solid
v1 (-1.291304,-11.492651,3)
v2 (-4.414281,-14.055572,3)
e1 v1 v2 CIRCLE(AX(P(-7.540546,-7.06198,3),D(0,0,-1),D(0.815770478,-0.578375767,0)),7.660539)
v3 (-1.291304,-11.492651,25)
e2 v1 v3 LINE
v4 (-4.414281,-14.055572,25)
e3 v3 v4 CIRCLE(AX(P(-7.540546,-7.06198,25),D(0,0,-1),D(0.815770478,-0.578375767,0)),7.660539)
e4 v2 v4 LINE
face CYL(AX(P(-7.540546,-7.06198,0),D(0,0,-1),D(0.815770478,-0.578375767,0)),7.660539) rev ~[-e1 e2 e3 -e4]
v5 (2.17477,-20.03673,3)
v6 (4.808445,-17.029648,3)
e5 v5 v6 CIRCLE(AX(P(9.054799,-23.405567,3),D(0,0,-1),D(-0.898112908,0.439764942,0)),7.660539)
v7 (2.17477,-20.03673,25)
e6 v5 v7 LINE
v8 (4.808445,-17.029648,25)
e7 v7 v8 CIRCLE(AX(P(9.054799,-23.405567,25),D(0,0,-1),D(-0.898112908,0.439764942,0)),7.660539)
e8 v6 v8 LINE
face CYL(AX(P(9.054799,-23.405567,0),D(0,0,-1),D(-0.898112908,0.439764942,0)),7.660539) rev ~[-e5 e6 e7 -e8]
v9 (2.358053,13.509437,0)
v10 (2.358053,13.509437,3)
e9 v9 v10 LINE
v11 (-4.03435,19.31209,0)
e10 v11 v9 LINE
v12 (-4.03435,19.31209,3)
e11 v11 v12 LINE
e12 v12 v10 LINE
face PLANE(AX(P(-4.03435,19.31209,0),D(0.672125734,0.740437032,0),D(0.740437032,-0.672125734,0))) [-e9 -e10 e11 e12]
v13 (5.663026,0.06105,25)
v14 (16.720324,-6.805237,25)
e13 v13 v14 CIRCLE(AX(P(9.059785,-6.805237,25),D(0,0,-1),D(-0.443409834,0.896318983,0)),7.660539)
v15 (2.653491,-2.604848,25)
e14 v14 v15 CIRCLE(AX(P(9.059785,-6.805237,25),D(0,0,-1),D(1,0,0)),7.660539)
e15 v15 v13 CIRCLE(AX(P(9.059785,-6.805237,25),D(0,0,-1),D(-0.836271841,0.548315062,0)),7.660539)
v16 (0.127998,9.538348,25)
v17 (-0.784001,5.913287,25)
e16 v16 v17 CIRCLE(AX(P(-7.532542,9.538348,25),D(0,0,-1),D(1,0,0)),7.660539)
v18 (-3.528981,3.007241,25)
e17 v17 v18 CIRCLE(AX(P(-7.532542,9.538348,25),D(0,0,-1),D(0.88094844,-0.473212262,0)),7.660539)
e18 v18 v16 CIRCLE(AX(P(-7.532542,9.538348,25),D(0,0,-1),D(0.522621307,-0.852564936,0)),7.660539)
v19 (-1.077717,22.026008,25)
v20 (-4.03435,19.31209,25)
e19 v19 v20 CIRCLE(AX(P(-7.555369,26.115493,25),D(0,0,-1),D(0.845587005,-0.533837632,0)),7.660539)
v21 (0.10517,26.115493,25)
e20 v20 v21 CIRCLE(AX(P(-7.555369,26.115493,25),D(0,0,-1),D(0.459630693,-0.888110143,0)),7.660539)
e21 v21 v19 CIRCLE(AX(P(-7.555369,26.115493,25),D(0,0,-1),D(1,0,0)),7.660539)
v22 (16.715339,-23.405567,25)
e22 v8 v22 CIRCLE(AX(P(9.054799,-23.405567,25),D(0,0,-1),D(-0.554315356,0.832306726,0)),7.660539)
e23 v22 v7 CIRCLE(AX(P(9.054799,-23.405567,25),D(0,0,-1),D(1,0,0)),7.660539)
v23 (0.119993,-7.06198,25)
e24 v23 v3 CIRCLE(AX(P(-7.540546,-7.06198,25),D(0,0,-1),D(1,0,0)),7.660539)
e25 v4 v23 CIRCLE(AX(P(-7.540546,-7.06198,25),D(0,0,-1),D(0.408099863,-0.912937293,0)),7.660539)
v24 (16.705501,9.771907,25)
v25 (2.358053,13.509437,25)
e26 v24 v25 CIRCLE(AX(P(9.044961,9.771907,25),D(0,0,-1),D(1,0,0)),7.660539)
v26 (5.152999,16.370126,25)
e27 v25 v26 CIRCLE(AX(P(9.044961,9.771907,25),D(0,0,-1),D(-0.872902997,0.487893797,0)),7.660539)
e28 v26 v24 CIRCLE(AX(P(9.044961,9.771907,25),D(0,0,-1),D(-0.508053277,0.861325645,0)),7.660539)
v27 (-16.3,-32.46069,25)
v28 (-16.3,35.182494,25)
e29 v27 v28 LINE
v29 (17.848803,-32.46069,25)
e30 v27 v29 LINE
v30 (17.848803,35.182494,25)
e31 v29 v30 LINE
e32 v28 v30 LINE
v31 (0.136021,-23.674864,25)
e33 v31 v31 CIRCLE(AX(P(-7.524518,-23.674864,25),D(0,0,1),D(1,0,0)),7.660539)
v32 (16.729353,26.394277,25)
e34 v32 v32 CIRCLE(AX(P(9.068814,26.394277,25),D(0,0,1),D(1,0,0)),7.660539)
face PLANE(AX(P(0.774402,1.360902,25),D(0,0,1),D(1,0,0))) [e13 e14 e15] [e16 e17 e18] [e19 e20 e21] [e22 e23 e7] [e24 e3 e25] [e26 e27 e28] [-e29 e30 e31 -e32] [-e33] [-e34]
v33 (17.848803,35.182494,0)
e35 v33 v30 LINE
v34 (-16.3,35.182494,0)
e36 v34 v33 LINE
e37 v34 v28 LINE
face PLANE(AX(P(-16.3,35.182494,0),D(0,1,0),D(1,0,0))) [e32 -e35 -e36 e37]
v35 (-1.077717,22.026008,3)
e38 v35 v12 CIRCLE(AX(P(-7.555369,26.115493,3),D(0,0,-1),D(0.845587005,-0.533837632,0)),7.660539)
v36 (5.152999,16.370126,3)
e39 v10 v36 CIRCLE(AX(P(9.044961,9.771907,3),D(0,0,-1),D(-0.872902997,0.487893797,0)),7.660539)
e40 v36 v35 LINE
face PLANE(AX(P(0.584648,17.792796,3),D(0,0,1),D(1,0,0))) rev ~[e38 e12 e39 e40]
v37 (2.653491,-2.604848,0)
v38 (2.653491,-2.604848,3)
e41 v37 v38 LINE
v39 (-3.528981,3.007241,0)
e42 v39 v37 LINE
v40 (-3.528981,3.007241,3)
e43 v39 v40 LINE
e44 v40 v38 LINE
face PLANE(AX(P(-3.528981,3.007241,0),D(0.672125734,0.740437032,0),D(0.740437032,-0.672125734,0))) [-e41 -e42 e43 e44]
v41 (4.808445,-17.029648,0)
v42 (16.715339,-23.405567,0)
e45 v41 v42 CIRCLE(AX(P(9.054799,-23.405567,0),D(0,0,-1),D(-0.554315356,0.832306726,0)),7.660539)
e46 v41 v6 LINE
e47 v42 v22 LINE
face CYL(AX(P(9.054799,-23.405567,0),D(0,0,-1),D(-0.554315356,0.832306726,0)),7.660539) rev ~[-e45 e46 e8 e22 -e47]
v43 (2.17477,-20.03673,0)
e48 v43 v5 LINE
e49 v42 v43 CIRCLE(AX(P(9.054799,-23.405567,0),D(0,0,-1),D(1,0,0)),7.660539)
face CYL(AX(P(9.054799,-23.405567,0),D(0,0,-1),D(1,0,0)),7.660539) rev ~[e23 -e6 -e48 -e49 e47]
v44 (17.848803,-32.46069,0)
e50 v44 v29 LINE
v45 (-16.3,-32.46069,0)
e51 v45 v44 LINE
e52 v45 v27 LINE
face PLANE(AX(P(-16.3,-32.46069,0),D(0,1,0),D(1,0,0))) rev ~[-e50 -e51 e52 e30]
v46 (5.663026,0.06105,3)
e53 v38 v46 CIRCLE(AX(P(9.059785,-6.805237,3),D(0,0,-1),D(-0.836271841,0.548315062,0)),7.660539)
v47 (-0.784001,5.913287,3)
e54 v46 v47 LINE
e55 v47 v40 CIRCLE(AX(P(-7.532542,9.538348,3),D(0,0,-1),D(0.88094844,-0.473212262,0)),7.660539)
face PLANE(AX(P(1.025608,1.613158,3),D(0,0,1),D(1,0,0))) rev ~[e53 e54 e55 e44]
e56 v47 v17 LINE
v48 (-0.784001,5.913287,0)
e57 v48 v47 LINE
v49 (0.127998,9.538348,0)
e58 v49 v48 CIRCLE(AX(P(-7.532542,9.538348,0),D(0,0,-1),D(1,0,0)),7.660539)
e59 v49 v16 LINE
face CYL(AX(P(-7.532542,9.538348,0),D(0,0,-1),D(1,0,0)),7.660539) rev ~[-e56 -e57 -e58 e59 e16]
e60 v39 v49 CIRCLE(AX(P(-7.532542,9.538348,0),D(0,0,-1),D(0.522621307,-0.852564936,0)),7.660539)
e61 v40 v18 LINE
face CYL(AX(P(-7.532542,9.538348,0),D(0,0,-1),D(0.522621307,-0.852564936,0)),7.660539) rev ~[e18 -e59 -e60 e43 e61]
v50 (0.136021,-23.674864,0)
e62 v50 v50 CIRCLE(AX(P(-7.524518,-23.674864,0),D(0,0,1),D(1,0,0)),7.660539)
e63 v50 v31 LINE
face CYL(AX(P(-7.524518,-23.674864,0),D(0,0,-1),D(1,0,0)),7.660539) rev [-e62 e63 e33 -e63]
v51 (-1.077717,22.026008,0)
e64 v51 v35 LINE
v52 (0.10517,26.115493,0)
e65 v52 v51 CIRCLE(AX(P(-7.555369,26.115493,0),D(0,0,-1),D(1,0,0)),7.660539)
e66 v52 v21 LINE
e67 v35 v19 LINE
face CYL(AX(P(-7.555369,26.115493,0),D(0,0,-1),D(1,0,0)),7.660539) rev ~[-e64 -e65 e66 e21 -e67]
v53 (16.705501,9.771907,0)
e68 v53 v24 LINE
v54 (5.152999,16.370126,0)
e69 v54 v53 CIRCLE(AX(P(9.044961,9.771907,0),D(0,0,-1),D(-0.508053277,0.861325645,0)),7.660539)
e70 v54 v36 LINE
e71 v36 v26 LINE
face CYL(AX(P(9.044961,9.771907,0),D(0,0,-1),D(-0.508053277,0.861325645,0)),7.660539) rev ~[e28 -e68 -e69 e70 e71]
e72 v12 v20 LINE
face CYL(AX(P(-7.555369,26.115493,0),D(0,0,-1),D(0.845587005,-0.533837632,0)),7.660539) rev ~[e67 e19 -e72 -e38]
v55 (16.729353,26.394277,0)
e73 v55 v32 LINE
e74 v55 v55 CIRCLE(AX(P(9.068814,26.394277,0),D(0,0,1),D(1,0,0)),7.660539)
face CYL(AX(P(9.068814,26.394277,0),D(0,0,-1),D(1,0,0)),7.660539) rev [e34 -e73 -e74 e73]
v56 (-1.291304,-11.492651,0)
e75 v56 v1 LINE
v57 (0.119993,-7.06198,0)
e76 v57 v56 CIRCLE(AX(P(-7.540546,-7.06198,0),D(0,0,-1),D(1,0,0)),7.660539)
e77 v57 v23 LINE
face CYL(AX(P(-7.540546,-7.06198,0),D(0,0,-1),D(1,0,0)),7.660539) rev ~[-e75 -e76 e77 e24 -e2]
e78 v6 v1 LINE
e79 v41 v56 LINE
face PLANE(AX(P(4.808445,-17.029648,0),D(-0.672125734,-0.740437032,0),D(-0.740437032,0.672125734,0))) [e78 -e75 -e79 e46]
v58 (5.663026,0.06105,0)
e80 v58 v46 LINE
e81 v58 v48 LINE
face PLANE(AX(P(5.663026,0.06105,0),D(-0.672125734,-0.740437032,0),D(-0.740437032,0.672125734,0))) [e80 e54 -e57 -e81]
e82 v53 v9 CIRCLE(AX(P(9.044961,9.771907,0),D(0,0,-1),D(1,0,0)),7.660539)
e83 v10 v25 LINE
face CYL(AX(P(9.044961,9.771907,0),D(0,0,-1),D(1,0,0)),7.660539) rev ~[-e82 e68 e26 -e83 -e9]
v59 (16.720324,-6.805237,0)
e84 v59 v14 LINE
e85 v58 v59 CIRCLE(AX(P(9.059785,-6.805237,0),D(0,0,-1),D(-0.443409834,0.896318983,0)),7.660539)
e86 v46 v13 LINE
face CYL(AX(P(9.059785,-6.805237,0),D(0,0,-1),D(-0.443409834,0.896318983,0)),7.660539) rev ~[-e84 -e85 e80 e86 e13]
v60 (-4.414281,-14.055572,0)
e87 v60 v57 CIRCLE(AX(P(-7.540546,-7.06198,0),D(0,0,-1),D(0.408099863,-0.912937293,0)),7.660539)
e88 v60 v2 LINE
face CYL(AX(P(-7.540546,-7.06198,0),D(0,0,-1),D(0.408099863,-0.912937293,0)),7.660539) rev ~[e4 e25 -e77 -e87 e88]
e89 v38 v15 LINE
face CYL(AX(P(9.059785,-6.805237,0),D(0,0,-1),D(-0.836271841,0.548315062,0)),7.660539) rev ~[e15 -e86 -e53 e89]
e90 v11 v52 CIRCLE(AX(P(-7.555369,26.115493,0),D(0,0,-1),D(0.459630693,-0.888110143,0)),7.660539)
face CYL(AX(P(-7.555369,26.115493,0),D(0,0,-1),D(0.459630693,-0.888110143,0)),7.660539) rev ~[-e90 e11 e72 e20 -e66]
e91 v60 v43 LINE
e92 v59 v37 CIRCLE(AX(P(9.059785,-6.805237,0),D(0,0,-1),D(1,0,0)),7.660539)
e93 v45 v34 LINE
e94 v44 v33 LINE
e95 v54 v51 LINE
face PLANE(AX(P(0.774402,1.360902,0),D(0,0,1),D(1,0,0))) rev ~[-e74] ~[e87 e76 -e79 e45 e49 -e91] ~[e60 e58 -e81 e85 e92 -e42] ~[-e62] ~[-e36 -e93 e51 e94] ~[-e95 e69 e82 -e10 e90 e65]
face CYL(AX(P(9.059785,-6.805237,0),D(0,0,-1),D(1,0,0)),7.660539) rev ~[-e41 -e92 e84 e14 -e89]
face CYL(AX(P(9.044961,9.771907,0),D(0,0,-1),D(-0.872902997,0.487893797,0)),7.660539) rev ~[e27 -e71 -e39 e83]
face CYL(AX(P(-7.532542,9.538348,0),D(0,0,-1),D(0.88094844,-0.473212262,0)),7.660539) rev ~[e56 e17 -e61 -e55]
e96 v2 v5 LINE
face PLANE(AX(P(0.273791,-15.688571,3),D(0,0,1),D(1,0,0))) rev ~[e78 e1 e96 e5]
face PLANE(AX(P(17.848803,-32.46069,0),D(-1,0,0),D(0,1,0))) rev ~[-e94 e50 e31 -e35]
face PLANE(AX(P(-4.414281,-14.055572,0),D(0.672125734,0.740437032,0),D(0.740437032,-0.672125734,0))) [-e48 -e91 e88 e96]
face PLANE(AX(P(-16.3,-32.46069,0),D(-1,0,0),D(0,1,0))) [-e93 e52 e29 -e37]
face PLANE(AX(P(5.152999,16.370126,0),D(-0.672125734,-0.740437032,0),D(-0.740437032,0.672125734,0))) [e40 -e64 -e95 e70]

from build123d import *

# Parameters (mm, degrees)
F0_W     = 34.1488035043
F0_H     = 67.6431837756
F0_R     = 7.6605394092
F1_DEPTH = 25
F2_DEPTH = 3


with BuildPart() as f1:
    # F0 (on Top) → F1 (new body)
    with BuildSketch(Plane.XY):
        with Locations((0.7744015018, 1.3609023431)):
            Rectangle(F0_W, F0_H)
        with Locations((-7.5245182993, -23.6748641295)):
            Circle(F0_R, mode=Mode.SUBTRACT)
        with BuildLine():
            ThreePointArc((-4.4142808332, -14.0555724502), (-13.9683270624, -2.8945478425), (0.1199934926, -7.0619803354))
            ThreePointArc((0.1199934926, -7.0619803354), (-0.2413532269, -9.3869857372), (-1.2913040231, -11.4926506906))
            Line((-1.2913040231, -11.4926506906), (4.8084446202, -17.0296482401))
            ThreePointArc((4.8084446202, -17.0296482401), (12.6710471032, -16.6522996873), (16.7153386619, -23.4055667132))
            ThreePointArc((16.7153386619, -23.4055667132), (7.325763647, -30.8684280891), (2.1747699265, -20.0367300427))
            Line((2.1747699265, -20.0367300427), (-4.4142808332, -14.0555724502))
        make_face(mode=Mode.SUBTRACT)
        with BuildLine():
            ThreePointArc((-3.5289805266, 3.0072409683), (-14.2166011068, 13.2809694177), (0.1279977639, 9.5383482564))
            ThreePointArc((0.1279977639, 9.5383482564), (-0.1034998988, 7.6693370826), (-0.7840014, 5.9132870711))
            Line((-0.7840014, 5.9132870711), (5.6630260945, 0.0610499502))
            ThreePointArc((5.6630260945, 0.0610499502), (13.1010011054, -0.2973622306), (16.7203240141, -6.8052369403))
            ThreePointArc((16.7203240141, -6.8052369403), (6.8679587677, -14.1455205547), (2.6534912072, -2.6048477983))
            Line((2.6534912072, -2.6048477983), (-3.5289805266, 3.0072409683))
        make_face(mode=Mode.SUBTRACT)
        with BuildLine():
            ThreePointArc((-4.0343502571, 19.312089772), (-14.0997091869, 30.097386474), (0.1051701113, 26.1154925203))
            ThreePointArc((0.1051701113, 26.1154925203), (-0.1964910938, 23.9869306545), (-1.0777167259, 22.026008299))
            Line((-1.0777167259, 22.026008299), (5.1529990707, 16.3701263743))
            ThreePointArc((5.1529990707, 16.3701263743), (12.844259487, 16.4239142948), (16.7055006328, 9.7719073236))
            ThreePointArc((16.7055006328, 9.7719073236), (7.1138290124, 2.3587708468), (2.3580534133, 13.509436986))
            Line((2.3580534133, 13.509436986), (-4.0343502571, 19.312089772))
        make_face(mode=Mode.SUBTRACT)
        with Locations((9.0688136795, 26.3942769038)):
            Circle(F0_R, mode=Mode.SUBTRACT)
        with BuildLine():
            ThreePointArc((-1.0777167259, 22.026008299), (-2.3751475895, 20.4719858895), (-4.0343502571, 19.312089772))
            Line((-4.0343502571, 19.312089772), (2.3580534133, 13.509436986))
            ThreePointArc((2.3580534133, 13.509436986), (3.5655444327, 15.1253973695), (5.1529990707, 16.3701263743))
            Line((5.1529990707, 16.3701263743), (-1.0777167259, 22.026008299))
        make_face()
        with BuildLine():
            ThreePointArc((-0.7840014, 5.9132870711), (-1.9635922899, 4.2780567135), (-3.5289805266, 3.0072409683))
            Line((-3.5289805266, 3.0072409683), (2.6534912072, -2.6048477983))
            ThreePointArc((2.6534912072, -2.6048477983), (3.9802463011, -1.0709405875), (5.6630260945, 0.0610499502))
            Line((5.6630260945, 0.0610499502), (-0.7840014, 5.9132870711))
        make_face()
        with BuildLine():
            ThreePointArc((-1.2913040231, -11.4926506906), (-2.6807954338, -12.9836937095), (-4.4142808332, -14.0555724502))
            Line((-4.4142808332, -14.0555724502), (2.1747699265, -20.0367300427))
            ThreePointArc((2.1747699265, -20.0367300427), (3.2920099766, -18.3583770199), (4.8084446202, -17.0296482401))
            Line((4.8084446202, -17.0296482401), (-1.2913040231, -11.4926506906))
        make_face()
    extrude(amount=F1_DEPTH)

    # F0 (on Top) → F2 (cut)
    with BuildSketch(Plane.XY):
        with BuildLine():
            ThreePointArc((-1.0777167259, 22.026008299), (-2.3751475895, 20.4719858895), (-4.0343502571, 19.312089772))
            Line((-4.0343502571, 19.312089772), (2.3580534133, 13.509436986))
            ThreePointArc((2.3580534133, 13.509436986), (3.5655444327, 15.1253973695), (5.1529990707, 16.3701263743))
            Line((5.1529990707, 16.3701263743), (-1.0777167259, 22.026008299))
        make_face()
        with BuildLine():
            ThreePointArc((-1.2913040231, -11.4926506906), (-2.6807954338, -12.9836937095), (-4.4142808332, -14.0555724502))
            Line((-4.4142808332, -14.0555724502), (2.1747699265, -20.0367300427))
            ThreePointArc((2.1747699265, -20.0367300427), (3.2920099766, -18.3583770199), (4.8084446202, -17.0296482401))
            Line((4.8084446202, -17.0296482401), (-1.2913040231, -11.4926506906))
        make_face()
        with BuildLine():
            ThreePointArc((-0.7840014, 5.9132870711), (-1.9635922899, 4.2780567135), (-3.5289805266, 3.0072409683))
            Line((-3.5289805266, 3.0072409683), (2.6534912072, -2.6048477983))
            ThreePointArc((2.6534912072, -2.6048477983), (3.9802463011, -1.0709405875), (5.6630260945, 0.0610499502))
            Line((5.6630260945, 0.0610499502), (-0.7840014, 5.9132870711))
        make_face()
    extrude(amount=F2_DEPTH, mode=Mode.SUBTRACT)


solid = f1.part
